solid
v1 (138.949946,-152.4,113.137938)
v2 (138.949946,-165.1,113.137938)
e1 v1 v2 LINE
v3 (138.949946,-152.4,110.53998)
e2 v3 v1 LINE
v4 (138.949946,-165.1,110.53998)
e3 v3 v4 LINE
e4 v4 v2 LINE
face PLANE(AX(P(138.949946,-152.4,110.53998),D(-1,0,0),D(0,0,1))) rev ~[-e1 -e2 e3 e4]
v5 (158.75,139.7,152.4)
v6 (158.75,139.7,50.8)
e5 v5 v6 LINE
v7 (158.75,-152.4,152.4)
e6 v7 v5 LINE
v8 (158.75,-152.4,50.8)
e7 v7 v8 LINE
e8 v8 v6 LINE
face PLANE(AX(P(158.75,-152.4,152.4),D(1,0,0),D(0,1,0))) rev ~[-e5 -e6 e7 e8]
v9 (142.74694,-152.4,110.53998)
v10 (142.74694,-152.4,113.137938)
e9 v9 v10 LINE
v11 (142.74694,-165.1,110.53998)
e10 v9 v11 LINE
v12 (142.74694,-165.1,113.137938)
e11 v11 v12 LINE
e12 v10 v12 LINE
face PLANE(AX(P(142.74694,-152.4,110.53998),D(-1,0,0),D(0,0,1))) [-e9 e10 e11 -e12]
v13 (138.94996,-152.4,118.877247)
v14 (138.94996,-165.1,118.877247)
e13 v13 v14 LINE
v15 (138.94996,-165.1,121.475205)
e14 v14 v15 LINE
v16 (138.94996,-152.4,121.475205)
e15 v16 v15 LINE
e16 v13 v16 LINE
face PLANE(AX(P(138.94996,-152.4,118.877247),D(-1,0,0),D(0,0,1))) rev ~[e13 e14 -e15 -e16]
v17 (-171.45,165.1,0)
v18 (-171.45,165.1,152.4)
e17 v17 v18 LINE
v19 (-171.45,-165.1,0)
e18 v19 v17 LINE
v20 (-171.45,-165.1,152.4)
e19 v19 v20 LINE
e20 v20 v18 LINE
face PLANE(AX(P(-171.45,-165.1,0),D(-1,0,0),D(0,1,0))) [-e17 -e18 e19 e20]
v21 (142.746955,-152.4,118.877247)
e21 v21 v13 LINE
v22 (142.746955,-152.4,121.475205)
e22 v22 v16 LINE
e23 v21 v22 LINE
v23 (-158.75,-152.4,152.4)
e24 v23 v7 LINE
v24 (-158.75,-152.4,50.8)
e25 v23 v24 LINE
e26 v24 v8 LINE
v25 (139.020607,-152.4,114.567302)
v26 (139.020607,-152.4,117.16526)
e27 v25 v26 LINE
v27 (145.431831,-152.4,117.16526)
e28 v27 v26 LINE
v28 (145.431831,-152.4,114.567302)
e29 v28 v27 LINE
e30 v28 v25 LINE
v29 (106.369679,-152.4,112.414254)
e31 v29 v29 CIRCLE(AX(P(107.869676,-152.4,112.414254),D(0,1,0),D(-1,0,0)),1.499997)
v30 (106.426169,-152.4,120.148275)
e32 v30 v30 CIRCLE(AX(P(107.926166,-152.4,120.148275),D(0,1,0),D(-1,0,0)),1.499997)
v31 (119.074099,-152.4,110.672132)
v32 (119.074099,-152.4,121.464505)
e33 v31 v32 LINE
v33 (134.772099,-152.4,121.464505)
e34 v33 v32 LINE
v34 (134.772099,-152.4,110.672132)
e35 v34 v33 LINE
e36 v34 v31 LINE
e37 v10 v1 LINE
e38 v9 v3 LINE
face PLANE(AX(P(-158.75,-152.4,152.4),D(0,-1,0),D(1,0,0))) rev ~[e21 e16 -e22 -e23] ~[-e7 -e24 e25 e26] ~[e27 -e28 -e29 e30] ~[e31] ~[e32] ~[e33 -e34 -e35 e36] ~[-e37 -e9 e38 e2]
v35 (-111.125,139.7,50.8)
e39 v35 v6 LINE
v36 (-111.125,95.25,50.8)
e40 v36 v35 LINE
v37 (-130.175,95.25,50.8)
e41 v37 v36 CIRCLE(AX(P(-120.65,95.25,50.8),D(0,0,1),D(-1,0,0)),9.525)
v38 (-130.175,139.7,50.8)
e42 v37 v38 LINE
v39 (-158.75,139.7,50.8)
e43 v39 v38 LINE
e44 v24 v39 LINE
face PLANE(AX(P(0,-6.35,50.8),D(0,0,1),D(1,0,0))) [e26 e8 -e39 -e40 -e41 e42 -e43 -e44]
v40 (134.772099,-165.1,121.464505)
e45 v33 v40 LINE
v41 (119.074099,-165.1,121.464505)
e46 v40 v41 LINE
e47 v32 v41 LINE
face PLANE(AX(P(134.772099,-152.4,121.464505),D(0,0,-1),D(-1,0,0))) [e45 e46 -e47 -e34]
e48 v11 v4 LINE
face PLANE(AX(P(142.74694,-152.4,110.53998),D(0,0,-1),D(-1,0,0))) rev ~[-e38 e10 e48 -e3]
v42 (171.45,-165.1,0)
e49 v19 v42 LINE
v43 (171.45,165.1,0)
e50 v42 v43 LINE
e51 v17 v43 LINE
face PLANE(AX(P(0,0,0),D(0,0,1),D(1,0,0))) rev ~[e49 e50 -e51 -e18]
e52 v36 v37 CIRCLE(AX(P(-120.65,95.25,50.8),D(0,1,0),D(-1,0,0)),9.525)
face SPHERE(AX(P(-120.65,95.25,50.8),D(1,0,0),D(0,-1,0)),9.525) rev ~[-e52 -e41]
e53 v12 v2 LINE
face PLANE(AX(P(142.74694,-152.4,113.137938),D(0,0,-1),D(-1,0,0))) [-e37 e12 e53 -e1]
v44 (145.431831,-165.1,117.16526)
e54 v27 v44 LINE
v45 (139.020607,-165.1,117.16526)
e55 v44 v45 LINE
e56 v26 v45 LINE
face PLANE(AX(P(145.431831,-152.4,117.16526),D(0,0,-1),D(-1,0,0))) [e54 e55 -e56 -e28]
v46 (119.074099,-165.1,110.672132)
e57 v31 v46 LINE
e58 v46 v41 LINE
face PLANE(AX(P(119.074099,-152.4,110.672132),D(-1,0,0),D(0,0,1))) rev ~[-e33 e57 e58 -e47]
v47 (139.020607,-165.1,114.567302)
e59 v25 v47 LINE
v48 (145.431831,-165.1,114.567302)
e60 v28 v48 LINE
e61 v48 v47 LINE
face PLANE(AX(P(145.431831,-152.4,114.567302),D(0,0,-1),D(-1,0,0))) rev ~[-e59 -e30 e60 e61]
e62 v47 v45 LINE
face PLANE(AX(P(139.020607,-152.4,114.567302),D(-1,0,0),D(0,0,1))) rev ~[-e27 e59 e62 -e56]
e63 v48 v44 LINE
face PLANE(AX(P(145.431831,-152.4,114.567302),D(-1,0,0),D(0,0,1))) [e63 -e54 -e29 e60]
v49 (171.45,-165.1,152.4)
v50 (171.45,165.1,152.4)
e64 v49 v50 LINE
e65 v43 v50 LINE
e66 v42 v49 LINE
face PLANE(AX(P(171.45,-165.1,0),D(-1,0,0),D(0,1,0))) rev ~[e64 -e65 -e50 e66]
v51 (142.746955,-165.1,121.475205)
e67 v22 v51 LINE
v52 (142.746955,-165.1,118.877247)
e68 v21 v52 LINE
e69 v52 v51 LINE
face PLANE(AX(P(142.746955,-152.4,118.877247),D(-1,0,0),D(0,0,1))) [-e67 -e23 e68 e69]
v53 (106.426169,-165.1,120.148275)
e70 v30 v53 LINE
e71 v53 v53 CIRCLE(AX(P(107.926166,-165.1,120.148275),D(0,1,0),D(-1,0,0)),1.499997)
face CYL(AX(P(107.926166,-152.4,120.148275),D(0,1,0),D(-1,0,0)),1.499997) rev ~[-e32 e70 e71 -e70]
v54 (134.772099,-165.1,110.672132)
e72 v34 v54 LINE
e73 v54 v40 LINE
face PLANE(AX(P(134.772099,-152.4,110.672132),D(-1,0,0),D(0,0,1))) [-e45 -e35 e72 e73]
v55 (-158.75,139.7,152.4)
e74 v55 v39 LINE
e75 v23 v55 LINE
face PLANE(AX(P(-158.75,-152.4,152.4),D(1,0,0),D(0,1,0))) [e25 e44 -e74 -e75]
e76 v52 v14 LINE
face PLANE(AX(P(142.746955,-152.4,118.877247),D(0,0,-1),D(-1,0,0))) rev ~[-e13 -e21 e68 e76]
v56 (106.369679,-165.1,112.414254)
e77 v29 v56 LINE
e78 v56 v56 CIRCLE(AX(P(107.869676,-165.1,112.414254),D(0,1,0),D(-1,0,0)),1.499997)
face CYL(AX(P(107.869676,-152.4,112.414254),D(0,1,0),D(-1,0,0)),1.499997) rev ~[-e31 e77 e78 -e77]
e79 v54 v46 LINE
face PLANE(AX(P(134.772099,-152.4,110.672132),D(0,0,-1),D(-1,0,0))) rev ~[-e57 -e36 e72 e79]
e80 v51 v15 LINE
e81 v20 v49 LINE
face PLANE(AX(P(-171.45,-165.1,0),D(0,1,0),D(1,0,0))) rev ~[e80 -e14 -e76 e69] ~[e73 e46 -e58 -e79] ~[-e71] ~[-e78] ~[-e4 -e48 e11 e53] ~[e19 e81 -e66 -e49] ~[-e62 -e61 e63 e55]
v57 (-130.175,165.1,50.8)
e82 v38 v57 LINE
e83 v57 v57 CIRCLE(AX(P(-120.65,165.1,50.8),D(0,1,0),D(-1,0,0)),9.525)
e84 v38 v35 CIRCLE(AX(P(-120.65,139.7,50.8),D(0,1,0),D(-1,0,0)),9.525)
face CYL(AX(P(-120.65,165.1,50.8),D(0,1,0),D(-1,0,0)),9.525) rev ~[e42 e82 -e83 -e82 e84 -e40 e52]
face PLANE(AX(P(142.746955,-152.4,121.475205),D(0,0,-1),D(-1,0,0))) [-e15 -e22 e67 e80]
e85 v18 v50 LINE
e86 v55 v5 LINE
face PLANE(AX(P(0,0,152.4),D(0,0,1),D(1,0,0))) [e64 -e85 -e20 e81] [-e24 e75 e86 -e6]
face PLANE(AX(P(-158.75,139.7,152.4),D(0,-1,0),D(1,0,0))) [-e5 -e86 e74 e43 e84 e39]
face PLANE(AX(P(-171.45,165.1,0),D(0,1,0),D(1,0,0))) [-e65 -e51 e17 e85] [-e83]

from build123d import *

# Parameters (mm, degrees)
F0_W     = 342.9
F0_H     = 330.2
F1_DEPTH = 152.4
F2_W     = 317.5
F2_H     = 292.1
F3_DEPTH = 101.6
F4_R     = 9.525
F5_DEPTH = 69.85
F8_R     = 1.499997
F8_W     = 15.6979995019
F8_H     = 10.7923728456
F8_W_2   = 3.7969946861
F8_H_2   = 2.5979578495
F8_W_3   = 6.4112246037
F9_DEPTH = 25.4


with BuildPart() as f1:
    # F0 (on Top) → F1 (new body)
    with BuildSketch(Plane.XY):
        Rectangle(F0_W, F0_H)
    extrude(amount=F1_DEPTH)

    # F2 (on face) → F3 (cut)
    with BuildSketch(Plane.XY.offset(152.4)):
        with Locations((0, -6.35)):
            Rectangle(F2_W, F2_H)
    extrude(amount=-F3_DEPTH, mode=Mode.SUBTRACT)

    # F4 (on face) → F5 (cut, symmetric)
    with BuildSketch(Plane(origin=(0, 165.1, 0), x_dir=(-1, 0, 0), z_dir=(0, 1, 0))):
        with Locations((120.65, 50.8)):
            Circle(F4_R)
    extrude(amount=F5_DEPTH, both=True, mode=Mode.SUBTRACT)

    # F6 (on face) → F7 (revolve, cut)
    with BuildSketch(Plane.XY.offset(50.8)):
        with BuildLine():
            Line((-111.125, 95.25), (-130.175, 95.25))
            ThreePointArc((-130.175, 95.25), (-120.65, 85.725), (-111.125, 95.25))
        make_face()
    revolve(axis=Axis((-120.65, 95.25, 50.8), (1, 0, 0)), mode=Mode.SUBTRACT)

    # F8 (on face) → F9 (cut)
    with BuildSketch(Plane(origin=(0, -152.4, 0), x_dir=(-1, 0, 0), z_dir=(0, 1, 0))):
        with Locations((-107.869675722, 112.4142541665)):
            Circle(F8_R)
        with Locations((-107.9261657216, 120.1482748716)):
            Circle(F8_R)
        with Locations((-126.9230991602, 116.0683184862)):
            Rectangle(F8_W, F8_H)
        with Locations((-140.8484578133, 120.1762259007)):
            Rectangle(F8_W_2, F8_H_2)
        with Locations((-142.2262191772, 115.8662810922)):
            Rectangle(F8_W_3, F8_H_2)
        with Locations((-140.8484429121, 111.8389591575)):
            Rectangle(F8_W_2, F8_H_2)
    extrude(amount=-F9_DEPTH, mode=Mode.SUBTRACT)


solid = f1.part
